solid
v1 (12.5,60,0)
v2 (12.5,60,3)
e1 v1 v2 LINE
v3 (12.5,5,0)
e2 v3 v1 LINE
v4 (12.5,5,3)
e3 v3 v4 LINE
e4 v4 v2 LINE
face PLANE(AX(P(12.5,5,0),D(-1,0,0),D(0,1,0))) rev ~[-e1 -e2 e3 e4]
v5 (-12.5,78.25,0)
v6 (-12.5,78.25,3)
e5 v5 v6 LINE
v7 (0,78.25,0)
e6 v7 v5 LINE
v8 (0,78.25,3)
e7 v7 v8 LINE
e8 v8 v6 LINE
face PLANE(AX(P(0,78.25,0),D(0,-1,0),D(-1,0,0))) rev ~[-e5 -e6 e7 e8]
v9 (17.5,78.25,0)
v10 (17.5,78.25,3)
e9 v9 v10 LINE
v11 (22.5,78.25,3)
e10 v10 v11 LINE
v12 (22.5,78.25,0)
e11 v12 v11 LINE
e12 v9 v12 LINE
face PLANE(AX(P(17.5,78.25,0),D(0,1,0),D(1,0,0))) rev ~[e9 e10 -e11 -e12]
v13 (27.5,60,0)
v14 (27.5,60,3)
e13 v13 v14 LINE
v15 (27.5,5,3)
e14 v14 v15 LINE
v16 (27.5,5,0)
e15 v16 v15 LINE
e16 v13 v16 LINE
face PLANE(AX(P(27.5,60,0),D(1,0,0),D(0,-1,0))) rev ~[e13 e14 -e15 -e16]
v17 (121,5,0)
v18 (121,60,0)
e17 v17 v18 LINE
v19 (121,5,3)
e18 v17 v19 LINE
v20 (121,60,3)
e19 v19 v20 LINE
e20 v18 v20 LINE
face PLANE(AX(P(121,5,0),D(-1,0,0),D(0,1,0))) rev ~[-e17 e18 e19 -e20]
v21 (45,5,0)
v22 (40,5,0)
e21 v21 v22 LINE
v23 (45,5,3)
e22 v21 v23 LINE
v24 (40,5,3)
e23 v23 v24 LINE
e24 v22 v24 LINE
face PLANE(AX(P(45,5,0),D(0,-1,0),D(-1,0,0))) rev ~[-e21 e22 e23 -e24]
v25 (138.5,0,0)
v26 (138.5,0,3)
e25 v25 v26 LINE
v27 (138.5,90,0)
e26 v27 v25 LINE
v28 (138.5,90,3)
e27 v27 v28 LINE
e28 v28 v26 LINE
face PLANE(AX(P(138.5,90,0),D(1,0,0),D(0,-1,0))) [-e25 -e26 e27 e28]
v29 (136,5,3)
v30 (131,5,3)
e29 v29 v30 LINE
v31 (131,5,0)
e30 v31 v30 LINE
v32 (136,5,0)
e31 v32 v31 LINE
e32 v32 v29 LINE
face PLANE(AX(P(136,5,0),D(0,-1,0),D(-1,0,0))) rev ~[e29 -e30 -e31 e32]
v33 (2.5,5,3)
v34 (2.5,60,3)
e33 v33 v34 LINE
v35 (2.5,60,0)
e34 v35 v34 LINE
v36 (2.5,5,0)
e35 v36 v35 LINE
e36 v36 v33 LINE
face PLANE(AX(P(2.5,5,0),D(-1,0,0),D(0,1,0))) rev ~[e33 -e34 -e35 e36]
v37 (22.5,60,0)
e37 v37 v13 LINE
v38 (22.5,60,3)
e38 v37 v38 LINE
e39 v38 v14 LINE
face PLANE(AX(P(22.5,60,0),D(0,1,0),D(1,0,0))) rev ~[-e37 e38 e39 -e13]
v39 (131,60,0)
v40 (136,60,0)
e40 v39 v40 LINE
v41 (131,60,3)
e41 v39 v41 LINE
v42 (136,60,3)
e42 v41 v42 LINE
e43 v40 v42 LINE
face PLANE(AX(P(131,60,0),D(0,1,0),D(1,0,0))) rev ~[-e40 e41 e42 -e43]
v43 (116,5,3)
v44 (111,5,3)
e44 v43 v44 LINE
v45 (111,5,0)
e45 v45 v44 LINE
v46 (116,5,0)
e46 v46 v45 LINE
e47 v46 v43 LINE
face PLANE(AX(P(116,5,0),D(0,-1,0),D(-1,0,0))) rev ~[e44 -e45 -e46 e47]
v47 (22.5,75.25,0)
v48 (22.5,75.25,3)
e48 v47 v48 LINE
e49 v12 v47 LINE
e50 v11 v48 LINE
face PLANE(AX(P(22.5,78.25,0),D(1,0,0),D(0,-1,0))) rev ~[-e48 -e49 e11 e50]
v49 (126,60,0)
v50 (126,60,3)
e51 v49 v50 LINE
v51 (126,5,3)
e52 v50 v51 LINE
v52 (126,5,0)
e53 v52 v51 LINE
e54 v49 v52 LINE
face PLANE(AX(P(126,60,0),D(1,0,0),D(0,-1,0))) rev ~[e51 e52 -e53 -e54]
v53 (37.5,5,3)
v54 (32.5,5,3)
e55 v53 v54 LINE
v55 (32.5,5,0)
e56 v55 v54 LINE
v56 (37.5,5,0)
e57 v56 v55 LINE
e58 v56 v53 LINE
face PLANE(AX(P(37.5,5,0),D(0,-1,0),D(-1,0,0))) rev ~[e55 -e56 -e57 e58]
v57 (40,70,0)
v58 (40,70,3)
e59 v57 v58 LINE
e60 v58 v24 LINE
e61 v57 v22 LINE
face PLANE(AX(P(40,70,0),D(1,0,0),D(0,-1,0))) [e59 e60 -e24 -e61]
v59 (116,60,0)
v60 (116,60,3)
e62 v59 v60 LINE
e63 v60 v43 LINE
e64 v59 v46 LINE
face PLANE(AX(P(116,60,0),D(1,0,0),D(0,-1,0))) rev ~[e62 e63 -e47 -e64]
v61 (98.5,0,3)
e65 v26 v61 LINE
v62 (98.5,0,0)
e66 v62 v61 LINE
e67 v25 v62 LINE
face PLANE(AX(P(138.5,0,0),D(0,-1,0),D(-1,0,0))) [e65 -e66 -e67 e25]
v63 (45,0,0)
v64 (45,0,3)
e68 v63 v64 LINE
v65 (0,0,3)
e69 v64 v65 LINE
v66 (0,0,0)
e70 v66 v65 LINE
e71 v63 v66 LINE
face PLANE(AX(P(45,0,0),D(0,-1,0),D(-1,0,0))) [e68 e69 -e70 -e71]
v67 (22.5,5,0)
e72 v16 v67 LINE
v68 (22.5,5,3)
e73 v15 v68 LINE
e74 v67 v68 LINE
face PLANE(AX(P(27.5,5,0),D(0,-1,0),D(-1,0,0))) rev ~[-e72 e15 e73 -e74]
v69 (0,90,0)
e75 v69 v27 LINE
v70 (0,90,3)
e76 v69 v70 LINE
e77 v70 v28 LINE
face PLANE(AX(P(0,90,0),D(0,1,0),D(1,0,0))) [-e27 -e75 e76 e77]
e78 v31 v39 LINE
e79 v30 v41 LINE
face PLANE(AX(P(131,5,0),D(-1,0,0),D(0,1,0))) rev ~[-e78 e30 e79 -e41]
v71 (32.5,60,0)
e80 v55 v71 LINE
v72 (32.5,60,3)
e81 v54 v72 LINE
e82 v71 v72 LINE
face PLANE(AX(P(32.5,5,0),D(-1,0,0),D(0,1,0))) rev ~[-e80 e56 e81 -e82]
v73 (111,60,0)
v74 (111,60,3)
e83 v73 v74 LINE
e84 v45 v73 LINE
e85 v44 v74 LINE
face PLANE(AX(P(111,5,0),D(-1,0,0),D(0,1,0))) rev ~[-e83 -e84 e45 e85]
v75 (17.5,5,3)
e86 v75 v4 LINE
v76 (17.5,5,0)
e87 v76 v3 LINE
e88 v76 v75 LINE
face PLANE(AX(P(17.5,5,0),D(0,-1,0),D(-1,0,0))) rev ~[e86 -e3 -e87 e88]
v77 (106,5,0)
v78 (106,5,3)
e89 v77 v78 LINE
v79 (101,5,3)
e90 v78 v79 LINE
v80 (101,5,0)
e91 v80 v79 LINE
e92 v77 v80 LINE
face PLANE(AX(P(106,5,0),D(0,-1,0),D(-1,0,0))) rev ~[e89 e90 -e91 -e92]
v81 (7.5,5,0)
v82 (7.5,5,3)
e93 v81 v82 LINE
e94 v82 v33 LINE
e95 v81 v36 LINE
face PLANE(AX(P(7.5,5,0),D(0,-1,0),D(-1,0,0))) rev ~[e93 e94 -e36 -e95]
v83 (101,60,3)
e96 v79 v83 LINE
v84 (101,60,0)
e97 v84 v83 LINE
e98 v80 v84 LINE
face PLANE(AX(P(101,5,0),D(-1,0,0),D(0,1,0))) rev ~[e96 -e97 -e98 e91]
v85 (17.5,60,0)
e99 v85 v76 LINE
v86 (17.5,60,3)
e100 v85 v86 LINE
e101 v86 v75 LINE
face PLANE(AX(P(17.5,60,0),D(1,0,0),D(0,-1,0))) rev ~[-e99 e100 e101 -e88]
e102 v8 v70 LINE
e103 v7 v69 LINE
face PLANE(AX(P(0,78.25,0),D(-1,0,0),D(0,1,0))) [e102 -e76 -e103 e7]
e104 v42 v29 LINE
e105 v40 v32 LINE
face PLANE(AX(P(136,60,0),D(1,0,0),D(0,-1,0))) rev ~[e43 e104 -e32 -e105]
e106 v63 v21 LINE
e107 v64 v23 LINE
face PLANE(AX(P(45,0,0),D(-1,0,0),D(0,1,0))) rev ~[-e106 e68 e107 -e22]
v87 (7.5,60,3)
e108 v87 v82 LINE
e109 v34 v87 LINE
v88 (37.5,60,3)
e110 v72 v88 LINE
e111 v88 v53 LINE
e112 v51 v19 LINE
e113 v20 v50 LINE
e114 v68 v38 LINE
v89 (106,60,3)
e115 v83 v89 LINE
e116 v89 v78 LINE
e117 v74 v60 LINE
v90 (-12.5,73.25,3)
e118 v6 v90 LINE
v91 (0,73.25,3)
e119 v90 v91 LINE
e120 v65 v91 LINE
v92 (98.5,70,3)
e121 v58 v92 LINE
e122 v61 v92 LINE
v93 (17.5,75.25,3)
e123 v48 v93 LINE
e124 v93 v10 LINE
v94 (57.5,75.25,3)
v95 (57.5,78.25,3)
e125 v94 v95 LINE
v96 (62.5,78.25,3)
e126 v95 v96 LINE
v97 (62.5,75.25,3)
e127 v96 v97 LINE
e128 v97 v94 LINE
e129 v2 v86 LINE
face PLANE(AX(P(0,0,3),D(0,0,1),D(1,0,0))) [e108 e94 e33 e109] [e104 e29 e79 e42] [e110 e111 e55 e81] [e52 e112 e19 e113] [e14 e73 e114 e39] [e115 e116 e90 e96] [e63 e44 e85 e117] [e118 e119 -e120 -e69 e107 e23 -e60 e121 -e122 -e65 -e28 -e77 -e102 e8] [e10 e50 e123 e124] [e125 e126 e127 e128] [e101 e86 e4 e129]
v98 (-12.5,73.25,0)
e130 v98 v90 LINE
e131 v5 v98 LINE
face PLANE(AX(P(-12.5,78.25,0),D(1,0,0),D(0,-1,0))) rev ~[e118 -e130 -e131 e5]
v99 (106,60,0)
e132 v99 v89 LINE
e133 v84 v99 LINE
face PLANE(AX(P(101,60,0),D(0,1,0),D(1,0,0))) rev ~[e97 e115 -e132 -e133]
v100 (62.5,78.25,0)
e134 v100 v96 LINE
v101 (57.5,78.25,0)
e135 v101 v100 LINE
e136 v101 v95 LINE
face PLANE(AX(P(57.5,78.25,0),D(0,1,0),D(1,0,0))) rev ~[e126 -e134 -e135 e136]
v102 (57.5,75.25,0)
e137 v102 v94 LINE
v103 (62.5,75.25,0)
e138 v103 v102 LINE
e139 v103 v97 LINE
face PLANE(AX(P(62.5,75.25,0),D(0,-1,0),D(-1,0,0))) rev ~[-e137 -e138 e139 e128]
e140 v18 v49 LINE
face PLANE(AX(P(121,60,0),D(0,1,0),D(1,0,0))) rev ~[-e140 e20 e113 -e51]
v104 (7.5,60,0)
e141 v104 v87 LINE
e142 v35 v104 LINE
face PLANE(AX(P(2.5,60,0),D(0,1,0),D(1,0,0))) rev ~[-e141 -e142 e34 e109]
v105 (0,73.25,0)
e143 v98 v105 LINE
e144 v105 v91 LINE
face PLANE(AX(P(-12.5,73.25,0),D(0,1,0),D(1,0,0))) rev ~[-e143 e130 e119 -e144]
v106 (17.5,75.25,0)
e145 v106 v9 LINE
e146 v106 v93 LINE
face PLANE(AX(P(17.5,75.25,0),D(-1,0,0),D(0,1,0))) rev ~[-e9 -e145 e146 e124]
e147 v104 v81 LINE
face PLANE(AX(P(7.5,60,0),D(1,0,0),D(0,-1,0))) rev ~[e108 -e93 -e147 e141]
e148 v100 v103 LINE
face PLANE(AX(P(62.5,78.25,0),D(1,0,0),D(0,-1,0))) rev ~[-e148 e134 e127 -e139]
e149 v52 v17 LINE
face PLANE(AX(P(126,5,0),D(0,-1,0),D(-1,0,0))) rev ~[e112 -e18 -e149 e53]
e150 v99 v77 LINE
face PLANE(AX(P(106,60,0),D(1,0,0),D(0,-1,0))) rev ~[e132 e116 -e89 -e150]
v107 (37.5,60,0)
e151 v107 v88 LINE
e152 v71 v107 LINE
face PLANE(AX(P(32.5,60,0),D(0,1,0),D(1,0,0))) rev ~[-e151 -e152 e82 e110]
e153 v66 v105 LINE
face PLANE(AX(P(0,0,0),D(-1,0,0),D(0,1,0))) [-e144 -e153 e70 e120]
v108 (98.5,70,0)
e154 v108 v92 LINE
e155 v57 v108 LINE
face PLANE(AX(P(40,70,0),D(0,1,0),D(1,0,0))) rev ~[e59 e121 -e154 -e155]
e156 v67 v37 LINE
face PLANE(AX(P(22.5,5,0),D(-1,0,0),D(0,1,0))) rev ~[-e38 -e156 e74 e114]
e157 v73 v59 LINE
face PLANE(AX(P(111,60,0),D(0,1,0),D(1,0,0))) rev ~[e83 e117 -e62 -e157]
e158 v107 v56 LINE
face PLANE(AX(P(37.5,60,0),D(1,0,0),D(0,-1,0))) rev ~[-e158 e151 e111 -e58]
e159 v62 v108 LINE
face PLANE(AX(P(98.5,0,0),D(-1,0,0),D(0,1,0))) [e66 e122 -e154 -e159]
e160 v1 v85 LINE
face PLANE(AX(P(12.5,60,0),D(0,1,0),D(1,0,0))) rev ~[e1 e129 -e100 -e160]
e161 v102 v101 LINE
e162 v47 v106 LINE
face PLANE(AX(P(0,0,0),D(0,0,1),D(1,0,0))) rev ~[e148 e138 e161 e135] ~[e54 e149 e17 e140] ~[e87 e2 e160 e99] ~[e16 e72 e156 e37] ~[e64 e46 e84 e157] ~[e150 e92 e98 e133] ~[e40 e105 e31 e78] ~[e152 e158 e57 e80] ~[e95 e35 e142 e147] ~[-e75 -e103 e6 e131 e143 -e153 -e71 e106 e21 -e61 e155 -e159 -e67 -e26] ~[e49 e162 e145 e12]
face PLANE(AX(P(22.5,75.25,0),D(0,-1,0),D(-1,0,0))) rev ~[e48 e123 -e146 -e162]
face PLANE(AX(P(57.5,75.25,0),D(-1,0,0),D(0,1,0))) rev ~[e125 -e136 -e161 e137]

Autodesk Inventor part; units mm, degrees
ref_plane "YZ Plane" through (0, 0, 0) normal (1, 0, 0) x (0, 1, 0)
ref_plane "XZ Plane" through (0, 0, 0) normal (0, 1, 0) x (-1, 0, 0)
ref_plane "XY Plane" through (0, 0, 0) normal (0, 0, 1) x (1, 0, 0)
sketch "Boceto1" plane through (0, 0, 0) normal (0, 0, 1) x (1, 0, 0)
  line L0 (40, 70) -> (40, 5)
  line L1 (2.5, 60) -> (7.5, 60)
  line L2 (7.5, 60) -> (7.5, 5)
  line L3 (7.5, 5) -> (2.5, 5)
  line L4 (2.5, 5) -> (2.5, 60)
  line L5 (12.5, 60) -> (17.5, 60)
  line L6 (17.5, 60) -> (17.5, 5)
  line L7 (17.5, 5) -> (12.5, 5)
  line L8 (12.5, 5) -> (12.5, 60)
  line L9 (22.5, 60) -> (27.5, 60)
  line L10 (27.5, 60) -> (27.5, 5)
  line L11 (27.5, 5) -> (22.5, 5)
  line L12 (22.5, 5) -> (22.5, 60)
  line L13 (32.5, 60) -> (37.5, 60)
  line L14 (37.5, 60) -> (37.5, 5)
  line L15 (37.5, 5) -> (32.5, 5)
  line L16 (32.5, 5) -> (32.5, 60)
  line L17 (138.5, 90) -> (138.5, 0)
  line L18 (138.5, 0) -> (98.5, 0)
  line L19 (98.5, 0) -> (98.5, 70)
  line L20 (101, 60) -> (106, 60)
  line L21 (106, 60) -> (106, 5)
  line L22 (106, 5) -> (101, 5)
  line L23 (101, 5) -> (101, 60)
  line L24 (111, 60) -> (116, 60)
  line L25 (116, 60) -> (116, 5)
  line L26 (116, 5) -> (111, 5)
  line L27 (111, 5) -> (111, 60)
  line L28 (121, 60) -> (126, 60)
  line L29 (126, 60) -> (126, 5)
  line L30 (126, 5) -> (121, 5)
  line L31 (121, 5) -> (121, 60)
  line L32 (136, 60) -> (136, 5)
  line L33 (131, 5) -> (131, 60)
  line L34 (131, 60) -> (136, 60)
  line L35 (136, 5) -> (131, 5)
  line L36 (0, 90) -> (138.5, 90)
  line L37 (40, 70) -> (98.5, 70)
  line L38 (17.5, 78.25) -> (22.5, 78.25)
  line L39 (22.5, 78.25) -> (22.5, 75.25)
  line L40 (22.5, 75.25) -> (17.5, 75.25)
  line L41 (17.5, 75.25) -> (17.5, 78.25)
  line L42 (20, 78.25) -> (20, 75.25) construction
  line L43 (17.5, 76.75) -> (22.5, 76.75) construction
  line L44 (57.5, 78.25) -> (62.5, 78.25)
  line L45 (62.5, 78.25) -> (62.5, 75.25)
  line L46 (62.5, 75.25) -> (57.5, 75.25)
  line L47 (57.5, 75.25) -> (57.5, 78.25)
  line L48 (60, 78.25) -> (60, 75.25) construction
  line L49 (57.5, 76.75) -> (62.5, 76.75) construction
  line L50 (45, 0) -> (45, 5)
  line L51 (45, 5) -> (40, 5)
  line L52 (45, 0) -> (0, 0)
  line L53 (0, 78.25) -> (-12.5, 78.25)
  line L54 (-12.5, 78.25) -> (-12.5, 73.25)
  line L55 (-12.5, 73.25) -> (0, 73.25)
  line L56 (0, 0) -> (0, 73.25)
  line L57 (0, 78.25) -> (0, 90)
  point P0 (0, 0)
  dimension "d46" = 5
  dimension "d85" = 5
  dimension "d86" = 5
  dimension "d87" = 5
  dimension "d89" = 40
  dimension "d90" = 5
  dimension "d94" = 5
  dimension "d95" = 5
  dimension "d96" = 5
  dimension "d112" = 2.5
  dimension "d120" = 5
  dimension "d121" = 3
  dimension "d134" = 5
  dimension "d135" = 3
  dimension "d136" = 35
  dimension "d141" = 5
  dimension "d145" = 55
  dimension "d155" = 70
  dimension "d156" = 90
  dimension "d157" = 76.75
  dimension "d158" = 5
  dimension "d161" = 5
  dimension "d162" = 40
  dimension "d163" = 2.5
  dimension "d164" = 138.5
  dimension "d165" = 20
  dimension "d166" = 12.5
extrude "Extrusión7" add sketch "Boceto1" along normal blind 3
properties part number "Celda puertas"
